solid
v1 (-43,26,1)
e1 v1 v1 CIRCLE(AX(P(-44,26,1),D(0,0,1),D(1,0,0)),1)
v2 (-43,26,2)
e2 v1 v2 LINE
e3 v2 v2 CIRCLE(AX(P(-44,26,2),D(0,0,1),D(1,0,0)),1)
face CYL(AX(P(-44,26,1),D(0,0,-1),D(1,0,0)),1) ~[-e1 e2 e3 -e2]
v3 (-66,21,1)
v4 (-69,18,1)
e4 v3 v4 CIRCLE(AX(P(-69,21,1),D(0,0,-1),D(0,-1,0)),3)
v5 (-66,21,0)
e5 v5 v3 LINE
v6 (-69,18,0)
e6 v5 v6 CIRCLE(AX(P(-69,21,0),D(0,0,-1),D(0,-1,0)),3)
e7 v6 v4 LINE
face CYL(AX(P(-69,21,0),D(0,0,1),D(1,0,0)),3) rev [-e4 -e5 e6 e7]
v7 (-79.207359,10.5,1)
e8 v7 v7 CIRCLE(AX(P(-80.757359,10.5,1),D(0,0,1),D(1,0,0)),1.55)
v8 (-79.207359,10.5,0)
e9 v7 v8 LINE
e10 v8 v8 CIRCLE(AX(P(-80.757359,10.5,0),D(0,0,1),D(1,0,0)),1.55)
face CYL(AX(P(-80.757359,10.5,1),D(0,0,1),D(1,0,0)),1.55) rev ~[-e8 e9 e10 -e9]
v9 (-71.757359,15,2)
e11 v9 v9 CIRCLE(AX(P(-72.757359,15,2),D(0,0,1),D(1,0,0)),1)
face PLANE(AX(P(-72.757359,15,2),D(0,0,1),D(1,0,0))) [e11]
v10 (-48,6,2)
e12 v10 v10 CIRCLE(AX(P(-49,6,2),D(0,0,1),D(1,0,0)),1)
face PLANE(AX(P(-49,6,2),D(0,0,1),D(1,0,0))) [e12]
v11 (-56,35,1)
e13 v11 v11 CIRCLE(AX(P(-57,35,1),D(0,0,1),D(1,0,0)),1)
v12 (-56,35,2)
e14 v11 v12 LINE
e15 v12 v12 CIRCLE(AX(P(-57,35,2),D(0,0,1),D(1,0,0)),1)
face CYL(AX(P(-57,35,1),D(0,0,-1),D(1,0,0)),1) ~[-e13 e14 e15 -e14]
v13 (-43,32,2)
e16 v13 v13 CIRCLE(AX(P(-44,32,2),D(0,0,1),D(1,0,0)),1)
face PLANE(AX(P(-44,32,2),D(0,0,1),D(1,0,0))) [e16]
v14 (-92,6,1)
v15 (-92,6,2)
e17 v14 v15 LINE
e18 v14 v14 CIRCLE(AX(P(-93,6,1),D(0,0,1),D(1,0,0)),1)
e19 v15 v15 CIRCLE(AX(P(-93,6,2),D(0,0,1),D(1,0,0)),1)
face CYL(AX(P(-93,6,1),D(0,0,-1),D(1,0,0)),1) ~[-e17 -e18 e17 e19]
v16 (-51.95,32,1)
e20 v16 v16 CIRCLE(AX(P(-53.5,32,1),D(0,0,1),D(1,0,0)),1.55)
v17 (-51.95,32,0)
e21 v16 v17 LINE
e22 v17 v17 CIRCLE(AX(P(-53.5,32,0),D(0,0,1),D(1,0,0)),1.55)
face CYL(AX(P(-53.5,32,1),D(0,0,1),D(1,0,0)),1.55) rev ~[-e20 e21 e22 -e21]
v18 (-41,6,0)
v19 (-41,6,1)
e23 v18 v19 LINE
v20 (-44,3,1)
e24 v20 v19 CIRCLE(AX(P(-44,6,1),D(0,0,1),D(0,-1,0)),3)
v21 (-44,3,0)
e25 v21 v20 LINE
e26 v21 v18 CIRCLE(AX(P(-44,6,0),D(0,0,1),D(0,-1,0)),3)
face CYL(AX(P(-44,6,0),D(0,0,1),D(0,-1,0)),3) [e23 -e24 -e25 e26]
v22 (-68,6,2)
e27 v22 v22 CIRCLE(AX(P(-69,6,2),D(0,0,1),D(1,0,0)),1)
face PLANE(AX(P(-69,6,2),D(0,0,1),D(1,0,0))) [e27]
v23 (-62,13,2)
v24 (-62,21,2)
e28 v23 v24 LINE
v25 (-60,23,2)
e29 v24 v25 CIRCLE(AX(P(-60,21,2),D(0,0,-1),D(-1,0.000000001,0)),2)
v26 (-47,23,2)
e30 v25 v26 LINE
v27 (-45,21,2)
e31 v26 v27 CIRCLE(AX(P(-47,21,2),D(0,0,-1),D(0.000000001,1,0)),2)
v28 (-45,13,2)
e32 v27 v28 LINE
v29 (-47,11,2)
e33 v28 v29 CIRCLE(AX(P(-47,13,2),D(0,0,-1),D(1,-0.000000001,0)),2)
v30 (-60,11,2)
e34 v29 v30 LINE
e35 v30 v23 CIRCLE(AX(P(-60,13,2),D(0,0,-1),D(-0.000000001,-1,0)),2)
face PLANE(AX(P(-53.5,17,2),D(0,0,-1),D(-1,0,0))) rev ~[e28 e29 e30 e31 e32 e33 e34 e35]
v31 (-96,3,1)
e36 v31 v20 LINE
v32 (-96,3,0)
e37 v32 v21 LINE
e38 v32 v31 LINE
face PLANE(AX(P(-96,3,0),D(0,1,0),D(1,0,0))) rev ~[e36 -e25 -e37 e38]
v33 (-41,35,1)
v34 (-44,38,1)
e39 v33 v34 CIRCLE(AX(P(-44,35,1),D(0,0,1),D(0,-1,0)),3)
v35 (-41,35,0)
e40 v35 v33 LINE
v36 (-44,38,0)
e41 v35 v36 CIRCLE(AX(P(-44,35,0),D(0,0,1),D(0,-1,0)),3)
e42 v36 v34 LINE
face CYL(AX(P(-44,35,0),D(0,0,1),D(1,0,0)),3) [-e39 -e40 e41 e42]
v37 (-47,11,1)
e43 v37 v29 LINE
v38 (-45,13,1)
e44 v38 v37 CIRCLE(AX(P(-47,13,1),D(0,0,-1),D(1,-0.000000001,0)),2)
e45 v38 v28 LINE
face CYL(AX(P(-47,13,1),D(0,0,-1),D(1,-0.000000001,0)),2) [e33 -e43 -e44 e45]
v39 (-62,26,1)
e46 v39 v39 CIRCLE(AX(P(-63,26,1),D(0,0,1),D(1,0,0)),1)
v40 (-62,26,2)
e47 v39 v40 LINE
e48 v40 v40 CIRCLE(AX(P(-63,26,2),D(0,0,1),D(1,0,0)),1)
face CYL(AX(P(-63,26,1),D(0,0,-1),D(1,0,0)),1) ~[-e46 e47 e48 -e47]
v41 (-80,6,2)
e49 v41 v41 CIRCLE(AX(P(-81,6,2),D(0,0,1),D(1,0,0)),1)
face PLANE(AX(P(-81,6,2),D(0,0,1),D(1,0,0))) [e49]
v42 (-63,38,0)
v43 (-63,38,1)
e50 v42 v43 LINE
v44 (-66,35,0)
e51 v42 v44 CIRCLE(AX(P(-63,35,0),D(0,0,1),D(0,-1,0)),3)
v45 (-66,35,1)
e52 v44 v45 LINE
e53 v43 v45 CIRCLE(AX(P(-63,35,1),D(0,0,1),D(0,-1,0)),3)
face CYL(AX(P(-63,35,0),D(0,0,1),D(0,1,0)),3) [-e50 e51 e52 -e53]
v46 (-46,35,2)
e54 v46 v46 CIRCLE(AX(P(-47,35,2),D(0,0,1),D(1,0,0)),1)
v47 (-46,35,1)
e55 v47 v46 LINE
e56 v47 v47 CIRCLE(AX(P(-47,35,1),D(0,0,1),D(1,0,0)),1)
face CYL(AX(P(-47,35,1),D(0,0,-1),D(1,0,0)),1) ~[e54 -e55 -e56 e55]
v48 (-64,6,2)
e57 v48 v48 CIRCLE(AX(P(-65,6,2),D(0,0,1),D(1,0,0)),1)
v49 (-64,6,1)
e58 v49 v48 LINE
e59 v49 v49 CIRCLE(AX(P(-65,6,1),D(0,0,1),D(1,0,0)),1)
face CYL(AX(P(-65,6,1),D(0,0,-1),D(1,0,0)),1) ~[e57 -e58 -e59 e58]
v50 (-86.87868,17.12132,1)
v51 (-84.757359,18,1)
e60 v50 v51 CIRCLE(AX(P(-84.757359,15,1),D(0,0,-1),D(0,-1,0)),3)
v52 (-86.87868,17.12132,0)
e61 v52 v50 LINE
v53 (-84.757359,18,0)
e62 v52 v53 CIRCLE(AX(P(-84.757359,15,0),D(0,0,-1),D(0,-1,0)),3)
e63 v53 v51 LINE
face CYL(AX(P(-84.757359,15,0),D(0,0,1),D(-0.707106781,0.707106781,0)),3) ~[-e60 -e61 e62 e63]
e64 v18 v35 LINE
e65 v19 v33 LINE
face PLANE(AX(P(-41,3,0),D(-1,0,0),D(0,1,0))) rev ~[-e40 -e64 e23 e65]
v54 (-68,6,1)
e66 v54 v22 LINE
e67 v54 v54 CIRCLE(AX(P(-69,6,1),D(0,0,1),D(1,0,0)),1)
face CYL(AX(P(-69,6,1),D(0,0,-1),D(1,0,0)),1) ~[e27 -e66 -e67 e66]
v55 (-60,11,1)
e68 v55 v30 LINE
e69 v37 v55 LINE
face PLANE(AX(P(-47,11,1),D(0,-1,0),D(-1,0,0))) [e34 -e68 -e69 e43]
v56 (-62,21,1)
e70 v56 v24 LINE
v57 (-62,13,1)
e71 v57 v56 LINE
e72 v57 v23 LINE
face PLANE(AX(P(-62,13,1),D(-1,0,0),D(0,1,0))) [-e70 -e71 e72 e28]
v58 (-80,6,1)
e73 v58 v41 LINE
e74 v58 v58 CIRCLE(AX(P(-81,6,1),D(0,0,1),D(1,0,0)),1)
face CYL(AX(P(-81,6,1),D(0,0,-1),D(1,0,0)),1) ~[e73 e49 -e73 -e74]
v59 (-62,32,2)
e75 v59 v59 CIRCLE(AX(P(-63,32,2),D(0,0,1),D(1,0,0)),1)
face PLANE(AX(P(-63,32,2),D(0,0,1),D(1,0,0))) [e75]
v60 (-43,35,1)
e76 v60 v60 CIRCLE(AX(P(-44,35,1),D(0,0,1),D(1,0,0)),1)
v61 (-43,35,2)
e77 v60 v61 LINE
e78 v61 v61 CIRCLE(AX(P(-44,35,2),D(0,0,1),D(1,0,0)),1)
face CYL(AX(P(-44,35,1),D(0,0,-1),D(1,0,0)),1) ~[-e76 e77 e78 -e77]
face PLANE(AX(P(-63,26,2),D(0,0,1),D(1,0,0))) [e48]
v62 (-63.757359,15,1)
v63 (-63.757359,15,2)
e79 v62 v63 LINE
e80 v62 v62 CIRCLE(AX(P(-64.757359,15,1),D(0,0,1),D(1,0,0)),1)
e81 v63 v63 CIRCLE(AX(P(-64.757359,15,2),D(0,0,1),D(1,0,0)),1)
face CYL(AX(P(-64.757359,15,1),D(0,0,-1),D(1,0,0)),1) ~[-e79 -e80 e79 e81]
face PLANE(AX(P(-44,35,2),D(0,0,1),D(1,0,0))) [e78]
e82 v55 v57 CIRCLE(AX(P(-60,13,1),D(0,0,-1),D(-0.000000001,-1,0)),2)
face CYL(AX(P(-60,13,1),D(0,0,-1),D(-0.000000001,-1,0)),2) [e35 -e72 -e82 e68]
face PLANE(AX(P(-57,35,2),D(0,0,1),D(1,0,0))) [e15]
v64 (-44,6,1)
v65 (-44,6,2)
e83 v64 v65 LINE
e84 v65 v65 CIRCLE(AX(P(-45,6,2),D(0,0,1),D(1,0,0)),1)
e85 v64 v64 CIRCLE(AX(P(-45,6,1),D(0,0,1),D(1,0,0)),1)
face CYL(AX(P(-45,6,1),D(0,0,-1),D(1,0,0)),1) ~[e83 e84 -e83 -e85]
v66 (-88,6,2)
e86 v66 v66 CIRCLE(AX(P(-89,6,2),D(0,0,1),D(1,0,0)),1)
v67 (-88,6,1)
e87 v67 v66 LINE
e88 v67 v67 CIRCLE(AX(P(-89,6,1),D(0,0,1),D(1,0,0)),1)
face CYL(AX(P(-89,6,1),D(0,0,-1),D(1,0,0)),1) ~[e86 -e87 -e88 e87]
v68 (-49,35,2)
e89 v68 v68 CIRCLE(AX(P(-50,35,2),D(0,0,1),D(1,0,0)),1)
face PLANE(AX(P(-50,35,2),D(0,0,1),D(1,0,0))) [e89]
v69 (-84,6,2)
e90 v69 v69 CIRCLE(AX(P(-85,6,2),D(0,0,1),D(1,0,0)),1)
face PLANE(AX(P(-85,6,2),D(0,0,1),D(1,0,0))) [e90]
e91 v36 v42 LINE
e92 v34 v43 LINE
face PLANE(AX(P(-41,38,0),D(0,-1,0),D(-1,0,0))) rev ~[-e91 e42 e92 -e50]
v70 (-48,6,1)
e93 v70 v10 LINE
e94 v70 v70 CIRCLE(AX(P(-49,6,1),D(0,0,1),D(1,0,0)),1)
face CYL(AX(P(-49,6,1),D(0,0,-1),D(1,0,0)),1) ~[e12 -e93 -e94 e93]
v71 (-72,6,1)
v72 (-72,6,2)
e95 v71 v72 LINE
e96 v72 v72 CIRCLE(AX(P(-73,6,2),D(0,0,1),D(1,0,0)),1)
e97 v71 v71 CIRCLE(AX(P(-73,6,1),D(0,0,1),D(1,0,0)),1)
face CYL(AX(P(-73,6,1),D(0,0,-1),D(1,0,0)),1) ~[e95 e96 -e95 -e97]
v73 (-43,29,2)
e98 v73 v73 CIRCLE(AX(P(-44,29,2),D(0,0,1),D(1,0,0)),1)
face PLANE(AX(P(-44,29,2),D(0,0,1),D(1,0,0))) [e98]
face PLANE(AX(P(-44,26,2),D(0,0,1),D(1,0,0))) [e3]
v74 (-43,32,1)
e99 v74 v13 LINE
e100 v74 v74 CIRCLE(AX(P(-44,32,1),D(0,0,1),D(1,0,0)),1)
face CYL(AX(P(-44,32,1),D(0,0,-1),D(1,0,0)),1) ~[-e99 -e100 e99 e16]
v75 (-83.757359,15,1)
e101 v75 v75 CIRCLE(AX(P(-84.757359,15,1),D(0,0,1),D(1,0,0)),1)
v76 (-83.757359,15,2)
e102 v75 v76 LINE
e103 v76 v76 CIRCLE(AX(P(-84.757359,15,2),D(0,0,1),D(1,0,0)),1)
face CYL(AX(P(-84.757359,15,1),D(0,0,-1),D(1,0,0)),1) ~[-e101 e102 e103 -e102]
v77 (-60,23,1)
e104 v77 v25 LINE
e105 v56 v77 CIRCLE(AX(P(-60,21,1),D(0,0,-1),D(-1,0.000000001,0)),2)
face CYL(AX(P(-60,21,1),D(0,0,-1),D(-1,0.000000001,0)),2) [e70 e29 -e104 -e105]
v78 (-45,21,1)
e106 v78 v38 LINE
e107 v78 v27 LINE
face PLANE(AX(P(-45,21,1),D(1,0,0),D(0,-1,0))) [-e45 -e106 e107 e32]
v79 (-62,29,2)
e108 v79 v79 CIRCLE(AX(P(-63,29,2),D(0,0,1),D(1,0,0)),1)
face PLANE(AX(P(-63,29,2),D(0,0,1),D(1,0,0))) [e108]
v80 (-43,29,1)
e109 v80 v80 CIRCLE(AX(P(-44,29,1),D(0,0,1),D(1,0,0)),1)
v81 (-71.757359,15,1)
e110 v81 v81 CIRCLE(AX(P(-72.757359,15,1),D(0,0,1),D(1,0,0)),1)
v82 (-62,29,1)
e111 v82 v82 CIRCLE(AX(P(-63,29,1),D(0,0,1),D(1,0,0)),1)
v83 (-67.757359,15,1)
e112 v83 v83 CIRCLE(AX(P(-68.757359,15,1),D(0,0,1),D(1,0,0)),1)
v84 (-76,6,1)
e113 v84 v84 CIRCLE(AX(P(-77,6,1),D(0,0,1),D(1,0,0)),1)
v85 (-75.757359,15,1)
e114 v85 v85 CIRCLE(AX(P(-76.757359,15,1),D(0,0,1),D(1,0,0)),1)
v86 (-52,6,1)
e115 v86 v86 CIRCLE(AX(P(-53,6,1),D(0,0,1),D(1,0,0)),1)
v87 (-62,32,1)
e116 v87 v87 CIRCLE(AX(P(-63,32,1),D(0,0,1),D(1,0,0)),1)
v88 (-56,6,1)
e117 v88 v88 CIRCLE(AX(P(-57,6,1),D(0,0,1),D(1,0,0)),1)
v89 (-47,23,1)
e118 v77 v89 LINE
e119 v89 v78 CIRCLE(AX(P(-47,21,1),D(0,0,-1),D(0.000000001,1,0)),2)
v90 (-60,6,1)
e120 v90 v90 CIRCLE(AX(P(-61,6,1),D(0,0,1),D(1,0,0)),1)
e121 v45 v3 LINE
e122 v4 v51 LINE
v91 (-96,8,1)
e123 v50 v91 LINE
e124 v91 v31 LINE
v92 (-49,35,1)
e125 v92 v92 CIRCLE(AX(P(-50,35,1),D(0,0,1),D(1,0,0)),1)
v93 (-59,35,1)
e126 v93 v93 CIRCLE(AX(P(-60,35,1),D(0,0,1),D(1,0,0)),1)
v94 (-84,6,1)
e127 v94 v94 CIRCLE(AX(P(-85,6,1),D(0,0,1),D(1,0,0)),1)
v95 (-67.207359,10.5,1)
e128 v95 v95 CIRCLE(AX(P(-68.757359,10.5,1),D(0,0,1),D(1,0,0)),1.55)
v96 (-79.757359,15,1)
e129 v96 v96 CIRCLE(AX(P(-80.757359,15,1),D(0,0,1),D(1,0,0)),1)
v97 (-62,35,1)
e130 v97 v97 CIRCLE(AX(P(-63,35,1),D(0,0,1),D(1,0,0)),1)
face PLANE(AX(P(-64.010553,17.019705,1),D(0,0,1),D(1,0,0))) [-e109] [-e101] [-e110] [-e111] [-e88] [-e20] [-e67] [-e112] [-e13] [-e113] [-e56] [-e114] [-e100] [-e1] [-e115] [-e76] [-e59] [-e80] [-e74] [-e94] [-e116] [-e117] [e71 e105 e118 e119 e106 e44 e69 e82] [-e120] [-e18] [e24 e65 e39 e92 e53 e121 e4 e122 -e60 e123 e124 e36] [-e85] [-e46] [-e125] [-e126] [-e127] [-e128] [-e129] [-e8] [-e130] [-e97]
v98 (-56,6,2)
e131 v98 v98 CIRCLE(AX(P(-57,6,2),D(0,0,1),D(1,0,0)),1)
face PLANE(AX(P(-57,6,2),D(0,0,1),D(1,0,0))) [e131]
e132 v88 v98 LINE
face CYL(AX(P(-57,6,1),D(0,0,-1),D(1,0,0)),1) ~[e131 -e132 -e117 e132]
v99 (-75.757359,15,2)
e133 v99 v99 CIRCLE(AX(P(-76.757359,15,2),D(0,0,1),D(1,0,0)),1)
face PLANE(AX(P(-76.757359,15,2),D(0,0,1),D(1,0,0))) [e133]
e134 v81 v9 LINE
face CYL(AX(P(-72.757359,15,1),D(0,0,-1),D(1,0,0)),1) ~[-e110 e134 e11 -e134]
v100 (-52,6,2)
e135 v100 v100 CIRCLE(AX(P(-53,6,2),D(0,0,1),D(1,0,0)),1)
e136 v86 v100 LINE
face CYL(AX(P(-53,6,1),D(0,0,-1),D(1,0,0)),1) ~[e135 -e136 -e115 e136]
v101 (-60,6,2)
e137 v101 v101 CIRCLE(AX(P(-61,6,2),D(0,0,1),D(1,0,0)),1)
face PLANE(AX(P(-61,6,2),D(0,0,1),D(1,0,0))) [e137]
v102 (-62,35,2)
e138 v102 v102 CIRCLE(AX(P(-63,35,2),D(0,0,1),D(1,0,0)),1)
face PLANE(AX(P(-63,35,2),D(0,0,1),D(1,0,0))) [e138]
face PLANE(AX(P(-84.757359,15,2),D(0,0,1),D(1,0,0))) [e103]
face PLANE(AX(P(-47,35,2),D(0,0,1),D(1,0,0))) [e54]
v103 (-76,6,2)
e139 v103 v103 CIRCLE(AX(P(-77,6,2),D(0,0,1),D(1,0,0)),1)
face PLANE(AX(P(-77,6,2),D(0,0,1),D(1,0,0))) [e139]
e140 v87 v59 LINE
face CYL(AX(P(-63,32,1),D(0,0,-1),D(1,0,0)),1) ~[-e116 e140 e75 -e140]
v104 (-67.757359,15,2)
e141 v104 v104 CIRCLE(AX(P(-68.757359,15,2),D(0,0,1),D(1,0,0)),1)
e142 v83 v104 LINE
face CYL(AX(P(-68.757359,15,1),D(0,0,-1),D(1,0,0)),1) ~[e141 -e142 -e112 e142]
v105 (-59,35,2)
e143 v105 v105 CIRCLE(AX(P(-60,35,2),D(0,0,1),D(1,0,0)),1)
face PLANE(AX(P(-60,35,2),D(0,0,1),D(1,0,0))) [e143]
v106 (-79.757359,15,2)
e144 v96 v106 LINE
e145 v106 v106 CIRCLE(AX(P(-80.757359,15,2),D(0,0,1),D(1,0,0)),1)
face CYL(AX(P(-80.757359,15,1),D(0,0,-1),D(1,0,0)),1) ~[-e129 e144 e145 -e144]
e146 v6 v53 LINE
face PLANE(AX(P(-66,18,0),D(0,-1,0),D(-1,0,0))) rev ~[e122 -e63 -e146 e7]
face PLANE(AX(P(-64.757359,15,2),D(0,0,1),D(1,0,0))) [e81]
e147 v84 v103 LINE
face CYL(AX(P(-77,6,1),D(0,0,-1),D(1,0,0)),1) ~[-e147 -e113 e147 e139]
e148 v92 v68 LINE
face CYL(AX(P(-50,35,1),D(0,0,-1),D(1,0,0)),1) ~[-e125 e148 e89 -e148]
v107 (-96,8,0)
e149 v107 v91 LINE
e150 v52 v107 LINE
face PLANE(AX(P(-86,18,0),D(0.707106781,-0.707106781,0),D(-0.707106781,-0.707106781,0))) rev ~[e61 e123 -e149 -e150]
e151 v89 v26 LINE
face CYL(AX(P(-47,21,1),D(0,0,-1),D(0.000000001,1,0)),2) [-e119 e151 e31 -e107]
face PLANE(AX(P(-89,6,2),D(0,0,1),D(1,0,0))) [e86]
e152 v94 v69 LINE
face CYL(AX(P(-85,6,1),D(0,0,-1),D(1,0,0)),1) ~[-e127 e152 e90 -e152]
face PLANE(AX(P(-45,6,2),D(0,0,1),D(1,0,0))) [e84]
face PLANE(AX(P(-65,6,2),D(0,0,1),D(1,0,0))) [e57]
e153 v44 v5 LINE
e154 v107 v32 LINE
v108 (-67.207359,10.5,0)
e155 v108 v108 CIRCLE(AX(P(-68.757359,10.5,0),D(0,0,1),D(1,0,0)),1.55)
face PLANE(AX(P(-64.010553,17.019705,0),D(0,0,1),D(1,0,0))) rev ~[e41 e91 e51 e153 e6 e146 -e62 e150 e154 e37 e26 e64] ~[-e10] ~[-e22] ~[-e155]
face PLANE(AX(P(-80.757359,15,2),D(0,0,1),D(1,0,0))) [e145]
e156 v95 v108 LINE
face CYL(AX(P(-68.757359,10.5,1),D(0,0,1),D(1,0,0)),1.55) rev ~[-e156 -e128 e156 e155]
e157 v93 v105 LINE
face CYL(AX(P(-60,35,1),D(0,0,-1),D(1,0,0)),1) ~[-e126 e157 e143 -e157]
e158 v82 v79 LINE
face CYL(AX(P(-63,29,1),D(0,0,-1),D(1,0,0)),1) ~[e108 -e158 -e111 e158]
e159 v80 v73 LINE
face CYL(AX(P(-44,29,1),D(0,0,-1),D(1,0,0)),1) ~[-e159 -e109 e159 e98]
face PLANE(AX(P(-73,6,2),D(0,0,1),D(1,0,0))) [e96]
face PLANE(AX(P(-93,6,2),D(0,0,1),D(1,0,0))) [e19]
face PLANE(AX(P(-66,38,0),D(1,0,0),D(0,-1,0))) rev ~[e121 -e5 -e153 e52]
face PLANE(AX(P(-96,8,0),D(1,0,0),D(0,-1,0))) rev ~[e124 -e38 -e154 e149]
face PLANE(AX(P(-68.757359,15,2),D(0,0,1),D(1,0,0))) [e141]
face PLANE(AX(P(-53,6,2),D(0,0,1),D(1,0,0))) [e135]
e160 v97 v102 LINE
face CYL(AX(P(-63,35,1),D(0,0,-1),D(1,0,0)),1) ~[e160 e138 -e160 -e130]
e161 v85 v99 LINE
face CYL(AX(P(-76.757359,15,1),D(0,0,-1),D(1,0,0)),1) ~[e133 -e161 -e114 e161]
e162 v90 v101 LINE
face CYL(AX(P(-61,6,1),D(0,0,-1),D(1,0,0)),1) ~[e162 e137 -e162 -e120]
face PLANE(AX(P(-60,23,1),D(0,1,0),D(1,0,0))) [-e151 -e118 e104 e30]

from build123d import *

# Parameters (mm, degrees)
BOSS_EXTRUDE1_DEPTH = 1
SKETCH2_R           = 1
BOSS_EXTRUDE2_DEPTH = 1
FILLET1_R           = 3
CUT_EXTRUDE1_REACH  = 3
SKETCH3_R           = 1.55


with BuildPart() as part:
    # Sketch1 → Boss-Extrude1 (new body)
    with BuildSketch(Plane.XY):
        Polygon((-96, 3), (-41, 3), (-41, 38), (-66, 38), (-66, 18), (-86, 18), (-96, 8), align=None)
    extrude(amount=BOSS_EXTRUDE1_DEPTH)

    # Sketch2 → Boss-Extrude2 (add)
    with BuildSketch(Plane.XY.offset(1)):
        with BuildLine():
            Line((-47, 11), (-60, 11))
            ThreePointArc((-60, 11), (-61.414213562, 11.585786438), (-62, 13))
            Line((-62, 13), (-62, 21))
            ThreePointArc((-62, 21), (-61.414213562, 22.414213562), (-60, 23))
            Line((-60, 23), (-47, 23))
            ThreePointArc((-47, 23), (-45.585786438, 22.414213562), (-45, 21))
            Line((-45, 21), (-45, 13))
            ThreePointArc((-45, 13), (-45.585786438, 11.585786438), (-47, 11))
        make_face()
        with Locations((-63, 26)):
            Circle(SKETCH2_R)
        with Locations((-63, 29)):
            Circle(SKETCH2_R)
        with Locations((-63, 32)):
            Circle(SKETCH2_R)
        with Locations((-63, 35)):
            Circle(SKETCH2_R)
        with Locations((-60, 35)):
            Circle(SKETCH2_R)
        with Locations((-57, 35)):
            Circle(SKETCH2_R)
        with Locations((-50, 35)):
            Circle(SKETCH2_R)
        with Locations((-47, 35)):
            Circle(SKETCH2_R)
        with Locations((-44, 32)):
            Circle(SKETCH2_R)
        with Locations((-44, 29)):
            Circle(SKETCH2_R)
        with Locations((-44, 26)):
            Circle(SKETCH2_R)
        with Locations((-45, 6)):
            Circle(SKETCH2_R)
        with Locations((-49, 6)):
            Circle(SKETCH2_R)
        with Locations((-53, 6)):
            Circle(SKETCH2_R)
        with Locations((-57, 6)):
            Circle(SKETCH2_R)
        with Locations((-61, 6)):
            Circle(SKETCH2_R)
        with Locations((-65, 6)):
            Circle(SKETCH2_R)
        with Locations((-69, 6)):
            Circle(SKETCH2_R)
        with Locations((-73, 6)):
            Circle(SKETCH2_R)
        with Locations((-77, 6)):
            Circle(SKETCH2_R)
        with Locations((-81, 6)):
            Circle(SKETCH2_R)
        with Locations((-85, 6)):
            Circle(SKETCH2_R)
        with Locations((-89, 6)):
            Circle(SKETCH2_R)
        with Locations((-93, 6)):
            Circle(SKETCH2_R)
        with Locations((-84.757359313, 15)):
            Circle(SKETCH2_R)
        with Locations((-76.757359313, 15)):
            Circle(SKETCH2_R)
        with Locations((-72.757359313, 15)):
            Circle(SKETCH2_R)
        with Locations((-68.757359313, 15)):
            Circle(SKETCH2_R)
        with Locations((-64.757359313, 15)):
            Circle(SKETCH2_R)
        with Locations((-44, 35)):
            Circle(SKETCH2_R)
        with Locations((-80.757359313, 15)):
            Circle(SKETCH2_R)
    extrude(amount=BOSS_EXTRUDE2_DEPTH)

    # Fillet1
    fillet1_edges = [part.edges().sort_by_distance(p)[0] for p in [
        (-41, 38, 0.5),
        (-41, 3, 0.5),
        (-86, 18, 0.5),
        (-66, 18, 0.5),
        (-66, 38, 0.5),
    ]]
    fillet(fillet1_edges, radius=FILLET1_R)

    # Sketch3 → Cut-Extrude1 (cut, up to next)
    with BuildSketch(Plane.XY.offset(1), mode=Mode.PRIVATE) as cut_extrude1_sk1:
        with Locations((-53.5, 32)):
            Circle(SKETCH3_R)
    cut_extrude1_tool1 = extrude(cut_extrude1_sk1.sketch, amount=-CUT_EXTRUDE1_REACH, mode=Mode.PRIVATE) & part.part
    add(cut_extrude1_tool1.solids().sort_by_distance((-53.5, 32, 1))[0], mode=Mode.SUBTRACT)
    # Sketch3 → Cut-Extrude1 (cut, up to next)
    with BuildSketch(Plane.XY.offset(1), mode=Mode.PRIVATE) as cut_extrude1_sk2:
        with Locations((-68.757359313, 10.5)):
            Circle(SKETCH3_R)
    cut_extrude1_tool2 = extrude(cut_extrude1_sk2.sketch, amount=-CUT_EXTRUDE1_REACH, mode=Mode.PRIVATE) & part.part
    add(cut_extrude1_tool2.solids().sort_by_distance((-68.757359, 10.5, 1))[0], mode=Mode.SUBTRACT)
    # Sketch3 → Cut-Extrude1 (cut, up to next)
    with BuildSketch(Plane.XY.offset(1), mode=Mode.PRIVATE) as cut_extrude1_sk3:
        with Locations((-80.757359313, 10.5)):
            Circle(SKETCH3_R)
    cut_extrude1_tool3 = extrude(cut_extrude1_sk3.sketch, amount=-CUT_EXTRUDE1_REACH, mode=Mode.PRIVATE) & part.part
    add(cut_extrude1_tool3.solids().sort_by_distance((-80.757359, 10.5, 1))[0], mode=Mode.SUBTRACT)


solid = part.part
